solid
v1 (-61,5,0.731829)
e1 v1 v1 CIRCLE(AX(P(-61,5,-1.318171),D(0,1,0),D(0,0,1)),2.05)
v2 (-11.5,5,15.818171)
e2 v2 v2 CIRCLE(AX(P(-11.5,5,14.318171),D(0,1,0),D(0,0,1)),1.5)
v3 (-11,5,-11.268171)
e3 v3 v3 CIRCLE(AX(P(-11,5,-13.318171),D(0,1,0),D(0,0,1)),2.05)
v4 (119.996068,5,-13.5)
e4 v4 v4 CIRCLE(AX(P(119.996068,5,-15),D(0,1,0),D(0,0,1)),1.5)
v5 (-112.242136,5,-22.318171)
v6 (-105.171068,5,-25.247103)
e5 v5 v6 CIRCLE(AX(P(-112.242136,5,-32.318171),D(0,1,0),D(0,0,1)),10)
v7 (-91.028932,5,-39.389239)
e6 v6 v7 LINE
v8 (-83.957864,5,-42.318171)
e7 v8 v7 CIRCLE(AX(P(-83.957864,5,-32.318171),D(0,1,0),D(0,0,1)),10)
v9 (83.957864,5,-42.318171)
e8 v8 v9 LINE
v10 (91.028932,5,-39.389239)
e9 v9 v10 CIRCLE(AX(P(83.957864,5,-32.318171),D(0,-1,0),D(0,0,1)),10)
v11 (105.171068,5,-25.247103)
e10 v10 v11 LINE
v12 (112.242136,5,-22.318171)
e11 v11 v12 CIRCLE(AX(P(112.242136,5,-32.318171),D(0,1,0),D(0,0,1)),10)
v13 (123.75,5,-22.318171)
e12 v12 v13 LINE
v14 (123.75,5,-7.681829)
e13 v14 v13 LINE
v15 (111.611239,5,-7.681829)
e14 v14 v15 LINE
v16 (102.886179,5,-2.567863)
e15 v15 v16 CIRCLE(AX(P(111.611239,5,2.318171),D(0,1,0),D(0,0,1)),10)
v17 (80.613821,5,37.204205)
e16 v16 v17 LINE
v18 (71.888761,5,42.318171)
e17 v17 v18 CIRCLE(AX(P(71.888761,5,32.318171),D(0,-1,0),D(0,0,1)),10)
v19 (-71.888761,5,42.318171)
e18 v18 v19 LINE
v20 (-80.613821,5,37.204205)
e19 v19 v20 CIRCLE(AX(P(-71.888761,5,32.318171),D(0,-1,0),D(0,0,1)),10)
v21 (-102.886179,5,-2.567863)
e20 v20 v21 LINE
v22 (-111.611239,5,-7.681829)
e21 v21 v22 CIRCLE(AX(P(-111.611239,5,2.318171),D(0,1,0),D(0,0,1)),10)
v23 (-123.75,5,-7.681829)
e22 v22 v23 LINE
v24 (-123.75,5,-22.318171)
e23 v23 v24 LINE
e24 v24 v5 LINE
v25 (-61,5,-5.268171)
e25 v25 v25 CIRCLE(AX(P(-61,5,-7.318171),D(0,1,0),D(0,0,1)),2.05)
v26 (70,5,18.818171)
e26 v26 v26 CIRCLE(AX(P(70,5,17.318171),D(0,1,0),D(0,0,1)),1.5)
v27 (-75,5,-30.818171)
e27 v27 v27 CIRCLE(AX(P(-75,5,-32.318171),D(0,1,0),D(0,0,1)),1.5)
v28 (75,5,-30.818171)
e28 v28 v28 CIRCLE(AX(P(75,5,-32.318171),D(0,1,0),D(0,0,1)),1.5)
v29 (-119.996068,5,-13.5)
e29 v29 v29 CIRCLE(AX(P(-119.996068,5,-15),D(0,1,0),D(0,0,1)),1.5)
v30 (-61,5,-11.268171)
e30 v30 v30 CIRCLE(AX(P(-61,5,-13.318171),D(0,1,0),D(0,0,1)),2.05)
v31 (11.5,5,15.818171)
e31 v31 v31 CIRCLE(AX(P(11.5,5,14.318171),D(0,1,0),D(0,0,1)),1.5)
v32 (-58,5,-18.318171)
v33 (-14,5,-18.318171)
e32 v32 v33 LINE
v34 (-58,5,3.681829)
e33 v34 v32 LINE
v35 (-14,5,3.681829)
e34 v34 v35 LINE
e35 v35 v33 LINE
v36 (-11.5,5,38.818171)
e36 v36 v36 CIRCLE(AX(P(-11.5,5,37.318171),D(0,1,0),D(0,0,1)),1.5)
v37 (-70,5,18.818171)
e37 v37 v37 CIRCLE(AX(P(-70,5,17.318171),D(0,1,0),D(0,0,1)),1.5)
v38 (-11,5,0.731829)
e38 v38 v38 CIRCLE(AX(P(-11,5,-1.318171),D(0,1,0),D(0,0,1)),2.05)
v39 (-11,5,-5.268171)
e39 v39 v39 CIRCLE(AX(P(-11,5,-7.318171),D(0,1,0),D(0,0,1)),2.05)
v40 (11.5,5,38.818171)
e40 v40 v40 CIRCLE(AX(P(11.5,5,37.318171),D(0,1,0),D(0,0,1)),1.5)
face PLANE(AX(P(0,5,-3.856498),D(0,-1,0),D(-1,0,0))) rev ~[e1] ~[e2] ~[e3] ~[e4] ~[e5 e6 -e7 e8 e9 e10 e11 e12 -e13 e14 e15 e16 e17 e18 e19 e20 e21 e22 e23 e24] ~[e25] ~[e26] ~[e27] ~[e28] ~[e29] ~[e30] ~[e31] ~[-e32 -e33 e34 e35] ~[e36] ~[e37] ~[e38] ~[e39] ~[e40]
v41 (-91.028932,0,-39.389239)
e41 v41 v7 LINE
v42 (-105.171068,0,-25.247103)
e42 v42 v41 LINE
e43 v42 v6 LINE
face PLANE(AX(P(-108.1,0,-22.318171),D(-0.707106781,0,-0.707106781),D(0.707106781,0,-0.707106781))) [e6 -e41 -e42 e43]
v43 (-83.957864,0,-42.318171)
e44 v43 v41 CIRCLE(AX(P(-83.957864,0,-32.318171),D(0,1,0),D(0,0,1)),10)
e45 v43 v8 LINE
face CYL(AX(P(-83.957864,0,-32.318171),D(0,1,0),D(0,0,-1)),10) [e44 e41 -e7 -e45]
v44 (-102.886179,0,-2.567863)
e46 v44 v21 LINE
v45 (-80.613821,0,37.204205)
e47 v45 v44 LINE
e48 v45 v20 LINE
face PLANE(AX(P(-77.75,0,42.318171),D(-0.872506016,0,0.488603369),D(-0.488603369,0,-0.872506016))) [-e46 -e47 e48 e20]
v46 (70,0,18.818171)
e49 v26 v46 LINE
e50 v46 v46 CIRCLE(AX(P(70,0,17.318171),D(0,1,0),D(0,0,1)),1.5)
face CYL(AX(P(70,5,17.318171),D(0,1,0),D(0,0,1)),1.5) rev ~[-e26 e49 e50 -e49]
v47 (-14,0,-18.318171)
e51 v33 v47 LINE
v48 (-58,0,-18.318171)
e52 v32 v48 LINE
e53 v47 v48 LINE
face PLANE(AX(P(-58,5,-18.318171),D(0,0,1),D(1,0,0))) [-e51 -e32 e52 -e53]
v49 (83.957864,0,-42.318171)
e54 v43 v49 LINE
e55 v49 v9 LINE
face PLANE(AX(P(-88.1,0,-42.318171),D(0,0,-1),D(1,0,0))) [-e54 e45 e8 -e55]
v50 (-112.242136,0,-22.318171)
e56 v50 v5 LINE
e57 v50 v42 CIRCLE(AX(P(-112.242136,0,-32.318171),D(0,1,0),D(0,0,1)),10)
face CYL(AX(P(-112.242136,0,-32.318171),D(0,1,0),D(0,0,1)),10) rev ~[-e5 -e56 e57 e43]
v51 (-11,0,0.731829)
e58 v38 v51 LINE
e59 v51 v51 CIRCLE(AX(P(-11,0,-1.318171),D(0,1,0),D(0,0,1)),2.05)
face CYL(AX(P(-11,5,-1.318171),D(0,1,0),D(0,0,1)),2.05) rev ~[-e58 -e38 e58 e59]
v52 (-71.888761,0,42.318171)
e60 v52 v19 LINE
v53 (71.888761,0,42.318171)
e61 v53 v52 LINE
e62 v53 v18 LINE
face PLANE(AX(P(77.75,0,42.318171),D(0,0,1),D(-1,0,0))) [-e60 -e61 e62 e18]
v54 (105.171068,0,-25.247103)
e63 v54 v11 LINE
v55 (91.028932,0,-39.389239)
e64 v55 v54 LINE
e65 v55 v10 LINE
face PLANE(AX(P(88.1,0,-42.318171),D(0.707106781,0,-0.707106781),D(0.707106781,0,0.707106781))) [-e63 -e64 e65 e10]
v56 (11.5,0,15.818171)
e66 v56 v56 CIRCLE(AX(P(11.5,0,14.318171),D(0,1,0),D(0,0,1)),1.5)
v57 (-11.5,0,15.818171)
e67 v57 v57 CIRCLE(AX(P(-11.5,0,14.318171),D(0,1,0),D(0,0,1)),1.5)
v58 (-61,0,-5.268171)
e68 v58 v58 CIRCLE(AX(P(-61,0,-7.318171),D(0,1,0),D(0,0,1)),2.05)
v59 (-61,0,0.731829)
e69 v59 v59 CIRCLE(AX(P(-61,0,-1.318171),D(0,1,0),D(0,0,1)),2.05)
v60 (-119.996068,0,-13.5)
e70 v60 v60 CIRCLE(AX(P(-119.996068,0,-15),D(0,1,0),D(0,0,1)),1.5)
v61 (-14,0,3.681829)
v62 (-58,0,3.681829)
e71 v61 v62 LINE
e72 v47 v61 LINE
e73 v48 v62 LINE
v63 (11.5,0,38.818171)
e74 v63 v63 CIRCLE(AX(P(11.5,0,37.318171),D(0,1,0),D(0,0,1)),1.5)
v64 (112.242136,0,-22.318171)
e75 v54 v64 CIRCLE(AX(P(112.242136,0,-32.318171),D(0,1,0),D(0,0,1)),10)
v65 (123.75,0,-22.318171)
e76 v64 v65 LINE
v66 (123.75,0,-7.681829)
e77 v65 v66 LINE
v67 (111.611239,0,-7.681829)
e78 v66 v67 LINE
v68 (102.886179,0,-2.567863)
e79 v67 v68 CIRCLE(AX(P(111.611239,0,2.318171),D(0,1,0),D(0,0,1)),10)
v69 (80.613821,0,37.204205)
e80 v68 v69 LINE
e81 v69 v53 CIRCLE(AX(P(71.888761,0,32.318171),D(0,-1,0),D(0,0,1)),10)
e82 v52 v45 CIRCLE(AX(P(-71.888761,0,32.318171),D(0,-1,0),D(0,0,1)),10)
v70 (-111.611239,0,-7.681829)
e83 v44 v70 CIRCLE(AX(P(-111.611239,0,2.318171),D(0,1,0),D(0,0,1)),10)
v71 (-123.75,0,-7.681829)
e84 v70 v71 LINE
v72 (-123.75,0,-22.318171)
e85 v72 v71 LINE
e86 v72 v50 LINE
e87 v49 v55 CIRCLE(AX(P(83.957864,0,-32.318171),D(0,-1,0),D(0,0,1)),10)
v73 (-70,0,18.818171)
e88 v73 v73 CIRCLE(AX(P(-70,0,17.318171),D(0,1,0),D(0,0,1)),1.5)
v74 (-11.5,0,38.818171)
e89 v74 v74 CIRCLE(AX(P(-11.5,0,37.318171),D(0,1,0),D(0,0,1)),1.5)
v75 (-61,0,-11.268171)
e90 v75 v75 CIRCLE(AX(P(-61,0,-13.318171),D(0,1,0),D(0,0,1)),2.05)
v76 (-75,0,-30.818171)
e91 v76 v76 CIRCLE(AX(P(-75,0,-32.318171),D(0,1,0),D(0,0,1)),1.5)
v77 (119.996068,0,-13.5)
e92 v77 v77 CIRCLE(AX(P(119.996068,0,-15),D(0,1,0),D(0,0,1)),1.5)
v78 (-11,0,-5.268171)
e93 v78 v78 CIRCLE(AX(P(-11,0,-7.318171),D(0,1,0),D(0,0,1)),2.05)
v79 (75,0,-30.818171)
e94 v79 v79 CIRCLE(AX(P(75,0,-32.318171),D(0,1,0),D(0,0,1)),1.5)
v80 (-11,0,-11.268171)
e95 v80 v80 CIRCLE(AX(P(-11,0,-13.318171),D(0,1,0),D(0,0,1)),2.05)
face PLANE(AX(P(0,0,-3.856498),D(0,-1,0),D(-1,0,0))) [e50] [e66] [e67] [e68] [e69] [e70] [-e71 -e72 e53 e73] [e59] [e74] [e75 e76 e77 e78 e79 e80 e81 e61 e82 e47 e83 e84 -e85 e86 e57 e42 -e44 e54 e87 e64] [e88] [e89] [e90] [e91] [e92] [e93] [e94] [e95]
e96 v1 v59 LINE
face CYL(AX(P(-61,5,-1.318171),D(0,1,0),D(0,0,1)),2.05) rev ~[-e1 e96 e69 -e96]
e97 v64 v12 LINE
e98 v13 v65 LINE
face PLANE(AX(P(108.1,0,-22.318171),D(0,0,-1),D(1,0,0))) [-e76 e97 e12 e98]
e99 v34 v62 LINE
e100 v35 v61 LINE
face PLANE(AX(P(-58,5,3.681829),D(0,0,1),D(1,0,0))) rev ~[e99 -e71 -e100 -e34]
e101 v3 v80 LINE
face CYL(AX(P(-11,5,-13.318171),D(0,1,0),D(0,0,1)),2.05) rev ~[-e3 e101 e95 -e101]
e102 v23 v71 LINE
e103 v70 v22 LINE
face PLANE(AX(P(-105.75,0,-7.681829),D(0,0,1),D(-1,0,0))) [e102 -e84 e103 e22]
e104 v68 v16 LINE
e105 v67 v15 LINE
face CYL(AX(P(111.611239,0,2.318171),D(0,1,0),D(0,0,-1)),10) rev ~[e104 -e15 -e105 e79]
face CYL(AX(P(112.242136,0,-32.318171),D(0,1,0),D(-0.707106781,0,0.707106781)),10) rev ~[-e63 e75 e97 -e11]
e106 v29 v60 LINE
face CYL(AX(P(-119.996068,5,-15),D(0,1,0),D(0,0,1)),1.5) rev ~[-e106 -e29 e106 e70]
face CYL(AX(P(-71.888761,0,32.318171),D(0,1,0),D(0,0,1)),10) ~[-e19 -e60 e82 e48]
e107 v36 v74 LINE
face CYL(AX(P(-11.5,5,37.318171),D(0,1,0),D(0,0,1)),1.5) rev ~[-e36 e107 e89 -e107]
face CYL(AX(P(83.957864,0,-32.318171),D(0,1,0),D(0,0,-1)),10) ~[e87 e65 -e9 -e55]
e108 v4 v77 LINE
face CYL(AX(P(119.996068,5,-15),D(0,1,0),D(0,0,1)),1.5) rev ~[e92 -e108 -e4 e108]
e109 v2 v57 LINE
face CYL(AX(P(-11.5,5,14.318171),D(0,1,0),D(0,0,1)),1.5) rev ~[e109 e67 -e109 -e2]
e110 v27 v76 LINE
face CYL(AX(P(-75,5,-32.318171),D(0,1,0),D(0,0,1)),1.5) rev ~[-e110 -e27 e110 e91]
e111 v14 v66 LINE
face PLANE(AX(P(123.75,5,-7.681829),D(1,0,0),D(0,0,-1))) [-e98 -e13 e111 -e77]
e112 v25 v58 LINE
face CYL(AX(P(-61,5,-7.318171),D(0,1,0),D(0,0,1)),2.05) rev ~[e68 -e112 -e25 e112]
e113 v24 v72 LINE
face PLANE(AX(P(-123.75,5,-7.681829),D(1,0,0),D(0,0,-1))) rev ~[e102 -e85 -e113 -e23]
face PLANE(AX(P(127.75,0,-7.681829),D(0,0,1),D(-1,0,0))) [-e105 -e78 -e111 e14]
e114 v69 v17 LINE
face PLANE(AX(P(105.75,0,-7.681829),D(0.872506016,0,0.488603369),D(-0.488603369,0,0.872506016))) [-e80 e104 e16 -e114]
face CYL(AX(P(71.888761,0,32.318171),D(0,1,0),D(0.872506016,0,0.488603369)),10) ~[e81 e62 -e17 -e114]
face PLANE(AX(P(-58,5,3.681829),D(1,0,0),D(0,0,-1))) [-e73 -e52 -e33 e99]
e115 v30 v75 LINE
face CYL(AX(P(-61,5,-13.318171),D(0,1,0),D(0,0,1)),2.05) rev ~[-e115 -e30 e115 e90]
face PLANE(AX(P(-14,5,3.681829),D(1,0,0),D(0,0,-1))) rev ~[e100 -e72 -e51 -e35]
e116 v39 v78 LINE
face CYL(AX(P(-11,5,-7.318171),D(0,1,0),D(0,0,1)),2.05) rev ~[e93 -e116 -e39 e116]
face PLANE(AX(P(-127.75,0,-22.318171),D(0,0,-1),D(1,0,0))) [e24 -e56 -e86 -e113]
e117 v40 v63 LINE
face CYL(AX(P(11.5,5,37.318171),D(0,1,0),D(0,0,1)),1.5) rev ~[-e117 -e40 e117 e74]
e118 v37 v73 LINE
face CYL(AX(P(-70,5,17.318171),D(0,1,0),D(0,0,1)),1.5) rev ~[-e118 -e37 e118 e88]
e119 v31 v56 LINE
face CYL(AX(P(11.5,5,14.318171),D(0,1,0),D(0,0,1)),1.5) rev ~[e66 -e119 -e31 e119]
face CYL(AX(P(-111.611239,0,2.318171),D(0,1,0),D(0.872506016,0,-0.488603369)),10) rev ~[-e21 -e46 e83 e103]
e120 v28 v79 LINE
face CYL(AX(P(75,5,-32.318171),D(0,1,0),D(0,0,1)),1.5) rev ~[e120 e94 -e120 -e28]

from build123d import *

# Parameters (mm, degrees)
SALIENTE_EXTRUIR1_DEPTH = 5
REDONDEO1_R             = 10
CROQUIS2_R              = 1.5
CROQUIS2_R_2            = 2.05
CROQUIS2_W              = 42
CROQUIS2_H              = 20
CORTAR_EXTRUIR1_DEPTH   = 135.669558943
CROQUIS3_W              = 4
CROQUIS3_H              = 14.636342218
CORTAR_EXTRUIR2_DEPTH   = 135.669558943
CROQUIS4_W              = 44
CROQUIS4_H              = 22
CORTAR_EXTRUIR3_DEPTH   = 131.881206084


with BuildPart() as part:
    # Croquis1 → Saliente-Extruir1 (new body)
    with BuildSketch(Plane(origin=(0, 0, 0), x_dir=(1, 0, 0), z_dir=(0, 1, 0))):
        Polygon((-88.1, 42.318171109), (88.1, 42.318171109), (108.1, 22.318171109), (127.75, 22.318171109), (127.75, 7.681828891), (105.75, 7.681828891), (77.75, -42.318171109), (-77.75, -42.318171109), (-105.75, 7.681828891), (-127.75, 7.681828891), (-127.75, 22.318171109), (-108.1, 22.318171109), align=None)
    extrude(amount=SALIENTE_EXTRUIR1_DEPTH)

    # Redondeo1
    redondeo1_edges = [part.edges().sort_by_distance(p)[0] for p in [
        (-88.1, 2.5, -42.318171109),
        (88.1, 2.5, -42.318171109),
        (108.1, 2.5, -22.318171109),
        (105.75, 2.5, -7.681828891),
        (77.75, 2.5, 42.318171109),
        (-77.75, 2.5, 42.318171109),
        (-105.75, 2.5, -7.681828891),
        (-108.1, 2.5, -22.318171109),
    ]]
    fillet(redondeo1_edges, radius=REDONDEO1_R)

    # Croquis2 → Cortar-Extruir1 (cut, through all)
    with BuildSketch(Plane(origin=(0, 5, 0), x_dir=(1, 0, 0), z_dir=(0, 1, 0))):
        with Locations(Location((70, -17.318171109, 0), (0, 0, 270))):
            Circle(CROQUIS2_R)
        with Locations(Location((-70, -17.318171109, 0), (0, 0, 270))):
            Circle(CROQUIS2_R)
        with Locations(Location((-119.996067812, 15, 0), (0, 0, 270))):
            Circle(CROQUIS2_R)
        with Locations(Location((119.996067812, 15, 0), (0, 0, 270))):
            Circle(CROQUIS2_R)
        with Locations(Location((-75, 32.318171109, 0), (0, 0, 270))):
            Circle(CROQUIS2_R)
        with Locations(Location((75, 32.318171109, 0), (0, 0, 270))):
            Circle(CROQUIS2_R)
        with Locations(Location((-11.5, -14.318171109, 0), (0, 0, 270))):
            Circle(CROQUIS2_R)
        with Locations(Location((11.5, -14.318171109, 0), (0, 0, 270))):
            Circle(CROQUIS2_R)
        with Locations(Location((-11.5, -37.318171109, 0), (0, 0, 270))):
            Circle(CROQUIS2_R)
        with Locations(Location((11.5, -37.318171109, 0), (0, 0, 270))):
            Circle(CROQUIS2_R)
        with Locations(Location((-61, 7.318171109, 0), (0, 0, 270))):
            Circle(CROQUIS2_R_2)
        with Locations(Location((-11, 7.318171109, 0), (0, 0, 270))):
            Circle(CROQUIS2_R_2)
        with Locations(Location((-61, 13.318171109, 0), (0, 0, 270))):
            Circle(CROQUIS2_R_2)
        with Locations(Location((-61, 1.318171109, 0), (0, 0, 270))):
            Circle(CROQUIS2_R_2)
        with Locations(Location((-11, 13.318171109, 0), (0, 0, 270))):
            Circle(CROQUIS2_R_2)
        with Locations(Location((-11, 1.318171109, 0), (0, 0, 270))):
            Circle(CROQUIS2_R_2)
        with Locations((-36, 7.318171109)):
            Rectangle(CROQUIS2_W, CROQUIS2_H)
    extrude(amount=-CORTAR_EXTRUIR1_DEPTH, mode=Mode.SUBTRACT)

    # Croquis3 → Cortar-Extruir2 (cut, through all)
    with BuildSketch(Plane(origin=(0, 5, 0), x_dir=(1, 0, 0), z_dir=(0, 1, 0))):
        with Locations((-125.75, 15)):
            Rectangle(CROQUIS3_W, CROQUIS3_H)
        with Locations((125.75, 15)):
            Rectangle(CROQUIS3_W, CROQUIS3_H)
    extrude(amount=-CORTAR_EXTRUIR2_DEPTH, mode=Mode.SUBTRACT)

    # Croquis4 → Cortar-Extruir3 (cut, through all)
    with BuildSketch(Plane(origin=(0, 5, 0), x_dir=(1, 0, 0), z_dir=(0, 1, 0))):
        with Locations((-36, 7.318171109)):
            Rectangle(CROQUIS4_W, CROQUIS4_H)
    extrude(amount=-CORTAR_EXTRUIR3_DEPTH, mode=Mode.SUBTRACT)


solid = part.part
